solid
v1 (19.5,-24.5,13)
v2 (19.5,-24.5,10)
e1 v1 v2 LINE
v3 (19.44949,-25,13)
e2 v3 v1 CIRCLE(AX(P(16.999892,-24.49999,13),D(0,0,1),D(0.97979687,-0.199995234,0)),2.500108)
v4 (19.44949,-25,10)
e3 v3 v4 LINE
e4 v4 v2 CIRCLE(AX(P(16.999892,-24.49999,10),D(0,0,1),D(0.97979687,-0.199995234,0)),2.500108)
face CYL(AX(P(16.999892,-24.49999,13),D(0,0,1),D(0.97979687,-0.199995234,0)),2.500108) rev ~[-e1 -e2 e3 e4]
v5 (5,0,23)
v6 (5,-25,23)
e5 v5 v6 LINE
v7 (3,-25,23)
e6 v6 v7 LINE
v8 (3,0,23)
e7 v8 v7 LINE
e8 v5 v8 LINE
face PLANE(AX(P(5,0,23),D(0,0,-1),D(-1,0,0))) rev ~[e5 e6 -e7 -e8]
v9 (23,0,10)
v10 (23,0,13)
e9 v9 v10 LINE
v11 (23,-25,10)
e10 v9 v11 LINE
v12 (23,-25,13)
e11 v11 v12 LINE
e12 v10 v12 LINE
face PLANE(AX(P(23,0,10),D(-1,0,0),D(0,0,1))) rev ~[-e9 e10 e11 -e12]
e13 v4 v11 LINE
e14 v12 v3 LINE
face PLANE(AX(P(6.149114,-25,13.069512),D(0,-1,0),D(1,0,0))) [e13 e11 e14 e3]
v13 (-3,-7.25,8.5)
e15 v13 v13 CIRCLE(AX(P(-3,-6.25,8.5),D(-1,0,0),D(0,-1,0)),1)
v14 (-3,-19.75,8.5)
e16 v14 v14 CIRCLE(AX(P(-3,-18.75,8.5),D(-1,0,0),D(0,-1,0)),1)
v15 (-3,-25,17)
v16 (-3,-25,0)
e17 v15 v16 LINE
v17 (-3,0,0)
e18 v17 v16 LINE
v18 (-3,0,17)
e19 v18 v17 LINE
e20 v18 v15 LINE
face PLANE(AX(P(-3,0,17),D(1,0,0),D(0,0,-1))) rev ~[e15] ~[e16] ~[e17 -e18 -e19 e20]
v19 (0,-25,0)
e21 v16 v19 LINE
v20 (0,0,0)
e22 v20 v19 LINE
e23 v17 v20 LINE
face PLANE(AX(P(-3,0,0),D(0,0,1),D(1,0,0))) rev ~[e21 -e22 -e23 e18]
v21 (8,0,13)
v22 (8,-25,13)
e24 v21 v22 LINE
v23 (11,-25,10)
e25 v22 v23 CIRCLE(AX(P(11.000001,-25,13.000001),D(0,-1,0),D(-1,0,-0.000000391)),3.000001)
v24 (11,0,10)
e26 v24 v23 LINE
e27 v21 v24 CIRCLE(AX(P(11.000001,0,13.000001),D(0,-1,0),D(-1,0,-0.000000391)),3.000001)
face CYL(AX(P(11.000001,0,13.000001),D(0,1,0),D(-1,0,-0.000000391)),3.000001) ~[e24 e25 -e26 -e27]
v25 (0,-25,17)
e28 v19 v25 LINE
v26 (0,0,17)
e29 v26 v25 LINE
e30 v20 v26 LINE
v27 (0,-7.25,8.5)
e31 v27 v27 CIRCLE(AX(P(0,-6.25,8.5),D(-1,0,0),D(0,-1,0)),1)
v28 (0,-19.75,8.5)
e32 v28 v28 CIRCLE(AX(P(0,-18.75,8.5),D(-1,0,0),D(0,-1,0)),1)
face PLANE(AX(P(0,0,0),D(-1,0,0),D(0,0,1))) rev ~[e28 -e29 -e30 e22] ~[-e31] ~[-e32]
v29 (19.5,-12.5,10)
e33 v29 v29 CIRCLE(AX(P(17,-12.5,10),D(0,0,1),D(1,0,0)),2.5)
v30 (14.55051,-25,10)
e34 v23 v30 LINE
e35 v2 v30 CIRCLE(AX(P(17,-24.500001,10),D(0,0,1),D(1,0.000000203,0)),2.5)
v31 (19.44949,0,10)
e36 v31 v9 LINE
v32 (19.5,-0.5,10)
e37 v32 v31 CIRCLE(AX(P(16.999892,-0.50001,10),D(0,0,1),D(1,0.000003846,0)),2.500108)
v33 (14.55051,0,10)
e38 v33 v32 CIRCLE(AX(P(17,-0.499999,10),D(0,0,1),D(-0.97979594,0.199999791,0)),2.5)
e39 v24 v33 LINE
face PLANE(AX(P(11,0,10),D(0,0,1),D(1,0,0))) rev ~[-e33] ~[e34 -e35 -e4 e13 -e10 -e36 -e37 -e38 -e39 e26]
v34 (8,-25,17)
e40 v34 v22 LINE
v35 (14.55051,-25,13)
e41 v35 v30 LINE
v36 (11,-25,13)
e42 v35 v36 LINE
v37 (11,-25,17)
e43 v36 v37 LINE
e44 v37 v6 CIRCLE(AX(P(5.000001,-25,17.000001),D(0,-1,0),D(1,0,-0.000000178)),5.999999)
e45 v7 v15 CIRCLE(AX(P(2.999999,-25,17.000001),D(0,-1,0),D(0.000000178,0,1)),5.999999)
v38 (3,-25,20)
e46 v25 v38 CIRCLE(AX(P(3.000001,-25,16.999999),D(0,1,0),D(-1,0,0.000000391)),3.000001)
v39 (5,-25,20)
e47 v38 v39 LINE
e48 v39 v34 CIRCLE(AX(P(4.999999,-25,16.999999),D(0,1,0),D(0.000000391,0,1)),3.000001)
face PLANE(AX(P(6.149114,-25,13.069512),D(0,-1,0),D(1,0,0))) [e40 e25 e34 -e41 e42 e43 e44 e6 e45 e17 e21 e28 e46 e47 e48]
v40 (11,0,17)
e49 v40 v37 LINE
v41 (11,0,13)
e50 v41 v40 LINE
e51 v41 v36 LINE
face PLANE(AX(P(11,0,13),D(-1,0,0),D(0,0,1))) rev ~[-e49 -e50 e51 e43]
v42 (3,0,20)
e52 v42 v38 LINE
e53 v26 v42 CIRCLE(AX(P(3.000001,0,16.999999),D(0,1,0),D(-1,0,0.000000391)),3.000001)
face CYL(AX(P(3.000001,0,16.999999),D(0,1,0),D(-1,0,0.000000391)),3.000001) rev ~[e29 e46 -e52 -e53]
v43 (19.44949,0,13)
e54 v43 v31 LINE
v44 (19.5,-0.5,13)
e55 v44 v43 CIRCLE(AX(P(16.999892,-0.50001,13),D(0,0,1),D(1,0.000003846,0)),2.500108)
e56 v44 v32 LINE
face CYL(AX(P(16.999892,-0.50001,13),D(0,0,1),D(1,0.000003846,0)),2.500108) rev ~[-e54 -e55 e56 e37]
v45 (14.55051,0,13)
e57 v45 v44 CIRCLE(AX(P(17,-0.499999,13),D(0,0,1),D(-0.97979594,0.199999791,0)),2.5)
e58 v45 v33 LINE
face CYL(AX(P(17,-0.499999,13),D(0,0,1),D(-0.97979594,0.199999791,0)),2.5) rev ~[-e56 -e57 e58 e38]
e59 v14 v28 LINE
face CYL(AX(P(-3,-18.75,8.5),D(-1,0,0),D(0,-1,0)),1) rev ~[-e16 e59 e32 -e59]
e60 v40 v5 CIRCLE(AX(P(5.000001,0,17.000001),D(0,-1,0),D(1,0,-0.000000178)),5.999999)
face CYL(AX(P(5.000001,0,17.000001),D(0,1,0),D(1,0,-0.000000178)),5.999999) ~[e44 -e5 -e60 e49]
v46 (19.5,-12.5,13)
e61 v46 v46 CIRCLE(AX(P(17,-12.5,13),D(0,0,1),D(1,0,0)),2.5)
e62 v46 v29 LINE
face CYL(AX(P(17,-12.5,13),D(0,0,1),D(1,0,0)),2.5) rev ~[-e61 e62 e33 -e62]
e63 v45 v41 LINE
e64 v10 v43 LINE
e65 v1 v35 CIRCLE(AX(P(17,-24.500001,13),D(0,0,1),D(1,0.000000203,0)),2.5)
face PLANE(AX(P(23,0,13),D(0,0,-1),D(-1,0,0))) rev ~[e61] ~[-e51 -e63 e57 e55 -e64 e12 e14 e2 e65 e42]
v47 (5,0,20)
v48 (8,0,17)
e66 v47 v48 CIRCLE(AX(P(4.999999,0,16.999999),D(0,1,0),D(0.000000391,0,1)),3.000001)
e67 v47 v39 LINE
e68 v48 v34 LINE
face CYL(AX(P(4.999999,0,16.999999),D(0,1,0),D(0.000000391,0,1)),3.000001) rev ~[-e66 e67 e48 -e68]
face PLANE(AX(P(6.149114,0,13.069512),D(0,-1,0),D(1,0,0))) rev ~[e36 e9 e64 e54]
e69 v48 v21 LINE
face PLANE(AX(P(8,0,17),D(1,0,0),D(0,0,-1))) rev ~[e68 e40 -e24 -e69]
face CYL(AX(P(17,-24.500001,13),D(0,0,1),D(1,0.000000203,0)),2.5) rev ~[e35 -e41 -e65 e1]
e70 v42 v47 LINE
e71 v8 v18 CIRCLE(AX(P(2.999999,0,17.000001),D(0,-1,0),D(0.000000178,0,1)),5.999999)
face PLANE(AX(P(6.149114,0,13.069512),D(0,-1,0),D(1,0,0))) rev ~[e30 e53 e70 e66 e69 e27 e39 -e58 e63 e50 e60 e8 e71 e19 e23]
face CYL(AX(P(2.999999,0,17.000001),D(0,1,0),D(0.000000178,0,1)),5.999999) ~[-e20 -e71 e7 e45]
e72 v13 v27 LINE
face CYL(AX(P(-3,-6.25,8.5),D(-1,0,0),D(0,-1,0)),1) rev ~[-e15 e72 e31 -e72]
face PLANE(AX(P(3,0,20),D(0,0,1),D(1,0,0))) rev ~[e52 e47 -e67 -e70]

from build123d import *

# Parameters (mm, degrees)
F1_DEPTH = 25
F2_R     = 2.5
F3_DEPTH = 25
F4_R     = 1
F5_DEPTH = 5


with BuildPart() as f1:
    # F0 (on Front) → F1 (new body)
    with BuildSketch(Plane.XZ):
        with BuildLine():
            Line((-3, 0), (0, 0))
            Line((0, 0), (0, 17))
            ThreePointArc((0, 17), (0.87868, 19.12132), (3, 20))
            Line((3, 20), (5, 20))
            ThreePointArc((5, 20), (7.12132, 19.12132), (8, 17))
            Line((8, 17), (8, 13))
            ThreePointArc((8, 13), (8.87868, 10.87868), (11, 10))
            Line((11, 10), (23, 10))
            Line((23, 10), (23, 13))
            Line((23, 13), (11, 13))
            Line((11, 13), (11, 17))
            ThreePointArc((11, 17), (9.242641, 21.242641), (5, 23))
            Line((5, 23), (3, 23))
            ThreePointArc((3, 23), (-1.242641, 21.242641), (-3, 17))
            Line((-3, 17), (-3, 0))
        make_face()
    extrude(amount=F1_DEPTH)

    # F2 (on face) → F3 (cut)
    with BuildSketch(Plane.XY.offset(13)):
        with Locations((17, -12.5)):
            Circle(F2_R)
        with BuildLine():
            Line((14.55051, -25), (19.44949, -25))
            ThreePointArc((19.44949, -25), (19.48734, -24.751272), (19.5, -24.5))
            ThreePointArc((19.5, -24.5), (16.748728, -22.01266), (14.55051, -25))
        make_face()
        with BuildLine():
            ThreePointArc((14.55051, 0), (16.748728, -2.98734), (19.5, -0.5))
            ThreePointArc((19.5, -0.5), (19.48734, -0.248728), (19.44949, 0))
            Line((19.44949, 0), (14.55051, 0))
        make_face()
    extrude(amount=-F3_DEPTH, mode=Mode.SUBTRACT)

    # F4 (on face) → F5 (cut)
    with BuildSketch(Plane(origin=(-3, 0, 0), x_dir=(0, -1, 0), z_dir=(-1, 0, 0))):
        with Locations((18.75, 8.5)):
            Circle(F4_R)
        with Locations((6.25, 8.5)):
            Circle(F4_R)
    extrude(amount=-F5_DEPTH, mode=Mode.SUBTRACT)


solid = f1.part
